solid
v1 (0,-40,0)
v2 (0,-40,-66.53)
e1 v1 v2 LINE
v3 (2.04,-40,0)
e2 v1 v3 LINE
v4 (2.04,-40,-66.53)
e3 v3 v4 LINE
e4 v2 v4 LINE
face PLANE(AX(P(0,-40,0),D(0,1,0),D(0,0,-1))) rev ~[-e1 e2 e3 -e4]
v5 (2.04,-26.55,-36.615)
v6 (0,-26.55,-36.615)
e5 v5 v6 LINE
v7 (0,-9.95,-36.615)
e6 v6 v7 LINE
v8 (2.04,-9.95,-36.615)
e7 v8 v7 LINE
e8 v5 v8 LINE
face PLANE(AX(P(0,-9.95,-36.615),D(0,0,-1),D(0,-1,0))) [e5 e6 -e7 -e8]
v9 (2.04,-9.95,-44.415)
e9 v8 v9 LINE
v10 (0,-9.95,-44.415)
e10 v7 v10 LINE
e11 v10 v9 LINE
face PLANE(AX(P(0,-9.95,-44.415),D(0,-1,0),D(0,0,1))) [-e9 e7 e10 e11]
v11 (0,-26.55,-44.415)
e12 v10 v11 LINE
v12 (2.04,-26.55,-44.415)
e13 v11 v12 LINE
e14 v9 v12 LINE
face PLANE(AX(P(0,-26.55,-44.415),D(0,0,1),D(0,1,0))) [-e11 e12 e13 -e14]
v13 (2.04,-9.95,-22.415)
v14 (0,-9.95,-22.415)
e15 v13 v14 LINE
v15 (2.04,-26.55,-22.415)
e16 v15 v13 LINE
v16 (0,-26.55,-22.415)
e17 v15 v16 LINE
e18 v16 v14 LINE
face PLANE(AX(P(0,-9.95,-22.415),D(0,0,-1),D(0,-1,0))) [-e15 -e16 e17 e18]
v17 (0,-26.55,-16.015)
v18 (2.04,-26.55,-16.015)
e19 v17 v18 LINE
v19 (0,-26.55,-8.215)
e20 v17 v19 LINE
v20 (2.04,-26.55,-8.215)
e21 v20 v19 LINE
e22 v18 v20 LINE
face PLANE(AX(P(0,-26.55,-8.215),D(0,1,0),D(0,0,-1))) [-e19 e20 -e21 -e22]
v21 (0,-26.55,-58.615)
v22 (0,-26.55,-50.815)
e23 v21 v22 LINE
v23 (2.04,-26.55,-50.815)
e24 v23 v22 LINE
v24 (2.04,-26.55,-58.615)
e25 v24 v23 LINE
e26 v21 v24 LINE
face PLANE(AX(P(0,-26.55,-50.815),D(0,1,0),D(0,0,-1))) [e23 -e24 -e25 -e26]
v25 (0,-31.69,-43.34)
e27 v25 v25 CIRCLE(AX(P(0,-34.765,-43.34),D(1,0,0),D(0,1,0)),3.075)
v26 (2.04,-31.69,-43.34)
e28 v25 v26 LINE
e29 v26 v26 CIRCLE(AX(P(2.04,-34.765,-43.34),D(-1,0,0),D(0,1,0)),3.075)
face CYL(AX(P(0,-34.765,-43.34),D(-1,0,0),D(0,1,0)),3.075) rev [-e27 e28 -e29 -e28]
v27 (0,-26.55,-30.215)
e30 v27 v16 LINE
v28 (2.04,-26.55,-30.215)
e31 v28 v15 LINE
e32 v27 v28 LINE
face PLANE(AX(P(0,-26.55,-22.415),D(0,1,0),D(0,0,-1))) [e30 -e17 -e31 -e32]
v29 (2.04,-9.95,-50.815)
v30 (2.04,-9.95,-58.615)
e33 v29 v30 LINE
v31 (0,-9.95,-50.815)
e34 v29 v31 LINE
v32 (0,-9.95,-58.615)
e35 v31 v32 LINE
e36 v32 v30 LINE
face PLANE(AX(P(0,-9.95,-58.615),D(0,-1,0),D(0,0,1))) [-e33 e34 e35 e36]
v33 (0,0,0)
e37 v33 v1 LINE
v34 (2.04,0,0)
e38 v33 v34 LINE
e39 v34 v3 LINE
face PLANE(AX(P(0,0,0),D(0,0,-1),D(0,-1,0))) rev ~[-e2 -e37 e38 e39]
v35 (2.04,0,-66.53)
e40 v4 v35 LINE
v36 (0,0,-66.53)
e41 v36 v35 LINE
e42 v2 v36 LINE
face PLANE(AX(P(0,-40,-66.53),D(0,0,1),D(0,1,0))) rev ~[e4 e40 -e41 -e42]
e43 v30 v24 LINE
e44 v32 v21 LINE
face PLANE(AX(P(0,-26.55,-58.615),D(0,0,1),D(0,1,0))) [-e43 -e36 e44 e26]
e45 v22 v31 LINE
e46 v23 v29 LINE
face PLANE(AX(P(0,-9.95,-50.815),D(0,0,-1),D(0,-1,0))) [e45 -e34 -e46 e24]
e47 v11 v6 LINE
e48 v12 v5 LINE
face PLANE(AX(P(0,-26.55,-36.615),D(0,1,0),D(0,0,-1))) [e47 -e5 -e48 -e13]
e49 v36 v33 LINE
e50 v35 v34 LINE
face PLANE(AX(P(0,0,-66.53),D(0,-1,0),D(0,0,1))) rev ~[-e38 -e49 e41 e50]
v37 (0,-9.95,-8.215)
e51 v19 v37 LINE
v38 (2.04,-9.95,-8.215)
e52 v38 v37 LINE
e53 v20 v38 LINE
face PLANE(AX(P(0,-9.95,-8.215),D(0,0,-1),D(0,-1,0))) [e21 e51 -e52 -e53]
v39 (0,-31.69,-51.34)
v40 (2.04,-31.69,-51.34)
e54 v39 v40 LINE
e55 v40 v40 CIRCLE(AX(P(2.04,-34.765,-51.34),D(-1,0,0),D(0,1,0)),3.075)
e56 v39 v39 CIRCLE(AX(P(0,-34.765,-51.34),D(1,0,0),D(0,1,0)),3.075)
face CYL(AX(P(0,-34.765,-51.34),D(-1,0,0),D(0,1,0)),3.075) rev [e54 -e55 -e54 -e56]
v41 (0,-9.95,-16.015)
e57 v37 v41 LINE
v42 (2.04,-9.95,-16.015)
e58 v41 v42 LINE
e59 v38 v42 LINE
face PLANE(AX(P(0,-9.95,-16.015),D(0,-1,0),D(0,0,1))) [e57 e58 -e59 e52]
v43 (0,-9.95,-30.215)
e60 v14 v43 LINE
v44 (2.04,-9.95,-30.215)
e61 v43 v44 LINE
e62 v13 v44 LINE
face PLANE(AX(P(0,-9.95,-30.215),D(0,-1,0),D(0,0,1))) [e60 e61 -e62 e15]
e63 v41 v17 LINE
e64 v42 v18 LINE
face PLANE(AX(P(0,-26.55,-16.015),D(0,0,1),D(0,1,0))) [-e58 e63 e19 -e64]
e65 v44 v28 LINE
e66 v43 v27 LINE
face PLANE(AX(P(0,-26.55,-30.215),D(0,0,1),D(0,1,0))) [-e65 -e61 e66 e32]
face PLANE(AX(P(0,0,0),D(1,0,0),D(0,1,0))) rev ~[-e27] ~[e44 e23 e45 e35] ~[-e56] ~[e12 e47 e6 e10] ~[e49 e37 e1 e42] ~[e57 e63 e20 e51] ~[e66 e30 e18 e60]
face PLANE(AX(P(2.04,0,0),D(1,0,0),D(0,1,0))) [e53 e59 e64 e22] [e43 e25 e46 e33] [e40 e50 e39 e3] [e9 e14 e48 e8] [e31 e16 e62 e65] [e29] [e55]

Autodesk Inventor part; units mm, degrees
ref_plane "YZ Plane" through (0, 0, 0) normal (1, 0, 0) x (0, 1, 0)
ref_plane "XZ Plane" through (0, 0, 0) normal (0, 1, 0) x (-1, 0, 0)
ref_plane "XY Plane" through (0, 0, 0) normal (0, 0, 1) x (1, 0, 0)
sketch "Sketch1" plane through (0, 0, 0) normal (1, 0, 0) x (0, 1, 0)
  line L0 (0, 0) -> (-40, 0)
  line L1 (-40, 0) -> (-40, -66.53)
  line L2 (-40, -66.53) -> (0, -66.53)
  line L3 (0, -66.53) -> (0, 0)
  point P0 (-20, -33.265)
  dimension "d0" = 40
  dimension "d1" = 66.53
  dimension "d13" = 33.265
  dimension "d14" = 20
extrude "Extrusion1" add sketch "Sketch1" along normal blind 2.04
sketch "Sketch2" plane through (0, 0, 0) normal (1, 0, 0) x (0, 1, 0)
  line L0 (-26.55, -58.615) -> (-9.95, -58.615)
  line L1 (-9.95, -58.615) -> (-9.95, -50.815)
  line L2 (-9.95, -50.815) -> (-26.55, -50.815)
  line L3 (-26.55, -50.815) -> (-26.55, -58.615)
  line L4 (0, -66.53) -> (0, 0) projected
  line L5 (-40, -66.53) -> (0, -66.53) projected
  dimension "d4" = 16.6
  dimension "d5" = 7.8
  dimension "d11" = 9.95
  dimension "d12" = 7.915
extrude "Extrusion2" cut sketch "Sketch2" along normal mid plane 254
pattern_linear "Rectangular Pattern1" count 4 spacing 14.2 along (0, 0, 1) of "Extrusion2"
sketch "Sketch3" plane through (0, 0, 0) normal (1, 0, 0) x (0, 1, 0)
  circle A0 centre (-34.765, -51.34) radius 3.075
  line L0 (-40, -66.53) -> (0, -66.53) projected
  line L1 (-40, 0) -> (-40, -66.53) projected
  point P0 (0, 0)
  dimension "d15" = 6.15
  dimension "d16" = 15.19
  dimension "d17" = 5.235
extrude "Extrusion3" cut sketch "Sketch3" along normal up to next
pattern_linear "Rectangular Pattern2" count 2 spacing 8 along (0, 0, 1) of "Extrusion3"
sketch "Sketch4" plane through (0, 0, 0) normal (-1, 0, 0) x (0, 0, 1)
  circle A0 centre (-43.34, -34.765) radius 3.075 projected
  circle A1 centre (-51.34, -34.765) radius 3.075 projected
  line L0 (-8.215, -26.55) -> (-16.015, -26.55) projected
  line L1 (-16.015, -26.55) -> (-16.015, -9.95) projected
  line L2 (-16.015, -9.95) -> (-8.215, -9.95) projected
  line L3 (-8.215, -9.95) -> (-8.215, -26.55) projected
  line L4 (-22.415, -26.55) -> (-30.215, -26.55) projected
  line L5 (-30.215, -26.55) -> (-30.215, -9.95) projected
  line L6 (-30.215, -9.95) -> (-22.415, -9.95) projected
  line L7 (-22.415, -9.95) -> (-22.415, -26.55) projected
  line L8 (-36.615, -26.55) -> (-44.415, -26.55) projected
  line L9 (-44.415, -26.55) -> (-44.415, -9.95) projected
  line L10 (-44.415, -9.95) -> (-36.615, -9.95) projected
  line L11 (-36.615, -9.95) -> (-36.615, -26.55) projected
  line L12 (-50.815, -26.55) -> (-58.615, -26.55) projected
  line L13 (-58.615, -26.55) -> (-58.615, -9.95) projected
  line L14 (-58.615, -9.95) -> (-50.815, -9.95) projected
  line L15 (-50.815, -9.95) -> (-50.815, -26.55) projected
  line L16 (0, 0) -> (0, -40) projected
  line L17 (-66.53, 0) -> (0, 0) projected
  line L18 (-66.53, -40) -> (-66.53, 0) projected
  line L19 (0, -40) -> (-66.53, -40) projected
  circle A2 centre (-54.715, -13.85) radius 3.9
  circle A3 centre (-54.715, -22.65) radius 3.9
  circle A4 centre (-40.515, -13.85) radius 3.9
  circle A5 centre (-40.515, -22.65) radius 3.9
  circle A6 centre (-26.315, -13.85) radius 3.9
  circle A7 centre (-26.315, -22.65) radius 3.9
  circle A8 centre (-12.115, -13.85) radius 3.9
  circle A9 centre (-12.115, -22.65) radius 3.9
equation "\"d13\" = 0.5 * d1"
equation "\"d14\" = 0.5 * d0"
properties part number "temp_sensor_front_plate"
